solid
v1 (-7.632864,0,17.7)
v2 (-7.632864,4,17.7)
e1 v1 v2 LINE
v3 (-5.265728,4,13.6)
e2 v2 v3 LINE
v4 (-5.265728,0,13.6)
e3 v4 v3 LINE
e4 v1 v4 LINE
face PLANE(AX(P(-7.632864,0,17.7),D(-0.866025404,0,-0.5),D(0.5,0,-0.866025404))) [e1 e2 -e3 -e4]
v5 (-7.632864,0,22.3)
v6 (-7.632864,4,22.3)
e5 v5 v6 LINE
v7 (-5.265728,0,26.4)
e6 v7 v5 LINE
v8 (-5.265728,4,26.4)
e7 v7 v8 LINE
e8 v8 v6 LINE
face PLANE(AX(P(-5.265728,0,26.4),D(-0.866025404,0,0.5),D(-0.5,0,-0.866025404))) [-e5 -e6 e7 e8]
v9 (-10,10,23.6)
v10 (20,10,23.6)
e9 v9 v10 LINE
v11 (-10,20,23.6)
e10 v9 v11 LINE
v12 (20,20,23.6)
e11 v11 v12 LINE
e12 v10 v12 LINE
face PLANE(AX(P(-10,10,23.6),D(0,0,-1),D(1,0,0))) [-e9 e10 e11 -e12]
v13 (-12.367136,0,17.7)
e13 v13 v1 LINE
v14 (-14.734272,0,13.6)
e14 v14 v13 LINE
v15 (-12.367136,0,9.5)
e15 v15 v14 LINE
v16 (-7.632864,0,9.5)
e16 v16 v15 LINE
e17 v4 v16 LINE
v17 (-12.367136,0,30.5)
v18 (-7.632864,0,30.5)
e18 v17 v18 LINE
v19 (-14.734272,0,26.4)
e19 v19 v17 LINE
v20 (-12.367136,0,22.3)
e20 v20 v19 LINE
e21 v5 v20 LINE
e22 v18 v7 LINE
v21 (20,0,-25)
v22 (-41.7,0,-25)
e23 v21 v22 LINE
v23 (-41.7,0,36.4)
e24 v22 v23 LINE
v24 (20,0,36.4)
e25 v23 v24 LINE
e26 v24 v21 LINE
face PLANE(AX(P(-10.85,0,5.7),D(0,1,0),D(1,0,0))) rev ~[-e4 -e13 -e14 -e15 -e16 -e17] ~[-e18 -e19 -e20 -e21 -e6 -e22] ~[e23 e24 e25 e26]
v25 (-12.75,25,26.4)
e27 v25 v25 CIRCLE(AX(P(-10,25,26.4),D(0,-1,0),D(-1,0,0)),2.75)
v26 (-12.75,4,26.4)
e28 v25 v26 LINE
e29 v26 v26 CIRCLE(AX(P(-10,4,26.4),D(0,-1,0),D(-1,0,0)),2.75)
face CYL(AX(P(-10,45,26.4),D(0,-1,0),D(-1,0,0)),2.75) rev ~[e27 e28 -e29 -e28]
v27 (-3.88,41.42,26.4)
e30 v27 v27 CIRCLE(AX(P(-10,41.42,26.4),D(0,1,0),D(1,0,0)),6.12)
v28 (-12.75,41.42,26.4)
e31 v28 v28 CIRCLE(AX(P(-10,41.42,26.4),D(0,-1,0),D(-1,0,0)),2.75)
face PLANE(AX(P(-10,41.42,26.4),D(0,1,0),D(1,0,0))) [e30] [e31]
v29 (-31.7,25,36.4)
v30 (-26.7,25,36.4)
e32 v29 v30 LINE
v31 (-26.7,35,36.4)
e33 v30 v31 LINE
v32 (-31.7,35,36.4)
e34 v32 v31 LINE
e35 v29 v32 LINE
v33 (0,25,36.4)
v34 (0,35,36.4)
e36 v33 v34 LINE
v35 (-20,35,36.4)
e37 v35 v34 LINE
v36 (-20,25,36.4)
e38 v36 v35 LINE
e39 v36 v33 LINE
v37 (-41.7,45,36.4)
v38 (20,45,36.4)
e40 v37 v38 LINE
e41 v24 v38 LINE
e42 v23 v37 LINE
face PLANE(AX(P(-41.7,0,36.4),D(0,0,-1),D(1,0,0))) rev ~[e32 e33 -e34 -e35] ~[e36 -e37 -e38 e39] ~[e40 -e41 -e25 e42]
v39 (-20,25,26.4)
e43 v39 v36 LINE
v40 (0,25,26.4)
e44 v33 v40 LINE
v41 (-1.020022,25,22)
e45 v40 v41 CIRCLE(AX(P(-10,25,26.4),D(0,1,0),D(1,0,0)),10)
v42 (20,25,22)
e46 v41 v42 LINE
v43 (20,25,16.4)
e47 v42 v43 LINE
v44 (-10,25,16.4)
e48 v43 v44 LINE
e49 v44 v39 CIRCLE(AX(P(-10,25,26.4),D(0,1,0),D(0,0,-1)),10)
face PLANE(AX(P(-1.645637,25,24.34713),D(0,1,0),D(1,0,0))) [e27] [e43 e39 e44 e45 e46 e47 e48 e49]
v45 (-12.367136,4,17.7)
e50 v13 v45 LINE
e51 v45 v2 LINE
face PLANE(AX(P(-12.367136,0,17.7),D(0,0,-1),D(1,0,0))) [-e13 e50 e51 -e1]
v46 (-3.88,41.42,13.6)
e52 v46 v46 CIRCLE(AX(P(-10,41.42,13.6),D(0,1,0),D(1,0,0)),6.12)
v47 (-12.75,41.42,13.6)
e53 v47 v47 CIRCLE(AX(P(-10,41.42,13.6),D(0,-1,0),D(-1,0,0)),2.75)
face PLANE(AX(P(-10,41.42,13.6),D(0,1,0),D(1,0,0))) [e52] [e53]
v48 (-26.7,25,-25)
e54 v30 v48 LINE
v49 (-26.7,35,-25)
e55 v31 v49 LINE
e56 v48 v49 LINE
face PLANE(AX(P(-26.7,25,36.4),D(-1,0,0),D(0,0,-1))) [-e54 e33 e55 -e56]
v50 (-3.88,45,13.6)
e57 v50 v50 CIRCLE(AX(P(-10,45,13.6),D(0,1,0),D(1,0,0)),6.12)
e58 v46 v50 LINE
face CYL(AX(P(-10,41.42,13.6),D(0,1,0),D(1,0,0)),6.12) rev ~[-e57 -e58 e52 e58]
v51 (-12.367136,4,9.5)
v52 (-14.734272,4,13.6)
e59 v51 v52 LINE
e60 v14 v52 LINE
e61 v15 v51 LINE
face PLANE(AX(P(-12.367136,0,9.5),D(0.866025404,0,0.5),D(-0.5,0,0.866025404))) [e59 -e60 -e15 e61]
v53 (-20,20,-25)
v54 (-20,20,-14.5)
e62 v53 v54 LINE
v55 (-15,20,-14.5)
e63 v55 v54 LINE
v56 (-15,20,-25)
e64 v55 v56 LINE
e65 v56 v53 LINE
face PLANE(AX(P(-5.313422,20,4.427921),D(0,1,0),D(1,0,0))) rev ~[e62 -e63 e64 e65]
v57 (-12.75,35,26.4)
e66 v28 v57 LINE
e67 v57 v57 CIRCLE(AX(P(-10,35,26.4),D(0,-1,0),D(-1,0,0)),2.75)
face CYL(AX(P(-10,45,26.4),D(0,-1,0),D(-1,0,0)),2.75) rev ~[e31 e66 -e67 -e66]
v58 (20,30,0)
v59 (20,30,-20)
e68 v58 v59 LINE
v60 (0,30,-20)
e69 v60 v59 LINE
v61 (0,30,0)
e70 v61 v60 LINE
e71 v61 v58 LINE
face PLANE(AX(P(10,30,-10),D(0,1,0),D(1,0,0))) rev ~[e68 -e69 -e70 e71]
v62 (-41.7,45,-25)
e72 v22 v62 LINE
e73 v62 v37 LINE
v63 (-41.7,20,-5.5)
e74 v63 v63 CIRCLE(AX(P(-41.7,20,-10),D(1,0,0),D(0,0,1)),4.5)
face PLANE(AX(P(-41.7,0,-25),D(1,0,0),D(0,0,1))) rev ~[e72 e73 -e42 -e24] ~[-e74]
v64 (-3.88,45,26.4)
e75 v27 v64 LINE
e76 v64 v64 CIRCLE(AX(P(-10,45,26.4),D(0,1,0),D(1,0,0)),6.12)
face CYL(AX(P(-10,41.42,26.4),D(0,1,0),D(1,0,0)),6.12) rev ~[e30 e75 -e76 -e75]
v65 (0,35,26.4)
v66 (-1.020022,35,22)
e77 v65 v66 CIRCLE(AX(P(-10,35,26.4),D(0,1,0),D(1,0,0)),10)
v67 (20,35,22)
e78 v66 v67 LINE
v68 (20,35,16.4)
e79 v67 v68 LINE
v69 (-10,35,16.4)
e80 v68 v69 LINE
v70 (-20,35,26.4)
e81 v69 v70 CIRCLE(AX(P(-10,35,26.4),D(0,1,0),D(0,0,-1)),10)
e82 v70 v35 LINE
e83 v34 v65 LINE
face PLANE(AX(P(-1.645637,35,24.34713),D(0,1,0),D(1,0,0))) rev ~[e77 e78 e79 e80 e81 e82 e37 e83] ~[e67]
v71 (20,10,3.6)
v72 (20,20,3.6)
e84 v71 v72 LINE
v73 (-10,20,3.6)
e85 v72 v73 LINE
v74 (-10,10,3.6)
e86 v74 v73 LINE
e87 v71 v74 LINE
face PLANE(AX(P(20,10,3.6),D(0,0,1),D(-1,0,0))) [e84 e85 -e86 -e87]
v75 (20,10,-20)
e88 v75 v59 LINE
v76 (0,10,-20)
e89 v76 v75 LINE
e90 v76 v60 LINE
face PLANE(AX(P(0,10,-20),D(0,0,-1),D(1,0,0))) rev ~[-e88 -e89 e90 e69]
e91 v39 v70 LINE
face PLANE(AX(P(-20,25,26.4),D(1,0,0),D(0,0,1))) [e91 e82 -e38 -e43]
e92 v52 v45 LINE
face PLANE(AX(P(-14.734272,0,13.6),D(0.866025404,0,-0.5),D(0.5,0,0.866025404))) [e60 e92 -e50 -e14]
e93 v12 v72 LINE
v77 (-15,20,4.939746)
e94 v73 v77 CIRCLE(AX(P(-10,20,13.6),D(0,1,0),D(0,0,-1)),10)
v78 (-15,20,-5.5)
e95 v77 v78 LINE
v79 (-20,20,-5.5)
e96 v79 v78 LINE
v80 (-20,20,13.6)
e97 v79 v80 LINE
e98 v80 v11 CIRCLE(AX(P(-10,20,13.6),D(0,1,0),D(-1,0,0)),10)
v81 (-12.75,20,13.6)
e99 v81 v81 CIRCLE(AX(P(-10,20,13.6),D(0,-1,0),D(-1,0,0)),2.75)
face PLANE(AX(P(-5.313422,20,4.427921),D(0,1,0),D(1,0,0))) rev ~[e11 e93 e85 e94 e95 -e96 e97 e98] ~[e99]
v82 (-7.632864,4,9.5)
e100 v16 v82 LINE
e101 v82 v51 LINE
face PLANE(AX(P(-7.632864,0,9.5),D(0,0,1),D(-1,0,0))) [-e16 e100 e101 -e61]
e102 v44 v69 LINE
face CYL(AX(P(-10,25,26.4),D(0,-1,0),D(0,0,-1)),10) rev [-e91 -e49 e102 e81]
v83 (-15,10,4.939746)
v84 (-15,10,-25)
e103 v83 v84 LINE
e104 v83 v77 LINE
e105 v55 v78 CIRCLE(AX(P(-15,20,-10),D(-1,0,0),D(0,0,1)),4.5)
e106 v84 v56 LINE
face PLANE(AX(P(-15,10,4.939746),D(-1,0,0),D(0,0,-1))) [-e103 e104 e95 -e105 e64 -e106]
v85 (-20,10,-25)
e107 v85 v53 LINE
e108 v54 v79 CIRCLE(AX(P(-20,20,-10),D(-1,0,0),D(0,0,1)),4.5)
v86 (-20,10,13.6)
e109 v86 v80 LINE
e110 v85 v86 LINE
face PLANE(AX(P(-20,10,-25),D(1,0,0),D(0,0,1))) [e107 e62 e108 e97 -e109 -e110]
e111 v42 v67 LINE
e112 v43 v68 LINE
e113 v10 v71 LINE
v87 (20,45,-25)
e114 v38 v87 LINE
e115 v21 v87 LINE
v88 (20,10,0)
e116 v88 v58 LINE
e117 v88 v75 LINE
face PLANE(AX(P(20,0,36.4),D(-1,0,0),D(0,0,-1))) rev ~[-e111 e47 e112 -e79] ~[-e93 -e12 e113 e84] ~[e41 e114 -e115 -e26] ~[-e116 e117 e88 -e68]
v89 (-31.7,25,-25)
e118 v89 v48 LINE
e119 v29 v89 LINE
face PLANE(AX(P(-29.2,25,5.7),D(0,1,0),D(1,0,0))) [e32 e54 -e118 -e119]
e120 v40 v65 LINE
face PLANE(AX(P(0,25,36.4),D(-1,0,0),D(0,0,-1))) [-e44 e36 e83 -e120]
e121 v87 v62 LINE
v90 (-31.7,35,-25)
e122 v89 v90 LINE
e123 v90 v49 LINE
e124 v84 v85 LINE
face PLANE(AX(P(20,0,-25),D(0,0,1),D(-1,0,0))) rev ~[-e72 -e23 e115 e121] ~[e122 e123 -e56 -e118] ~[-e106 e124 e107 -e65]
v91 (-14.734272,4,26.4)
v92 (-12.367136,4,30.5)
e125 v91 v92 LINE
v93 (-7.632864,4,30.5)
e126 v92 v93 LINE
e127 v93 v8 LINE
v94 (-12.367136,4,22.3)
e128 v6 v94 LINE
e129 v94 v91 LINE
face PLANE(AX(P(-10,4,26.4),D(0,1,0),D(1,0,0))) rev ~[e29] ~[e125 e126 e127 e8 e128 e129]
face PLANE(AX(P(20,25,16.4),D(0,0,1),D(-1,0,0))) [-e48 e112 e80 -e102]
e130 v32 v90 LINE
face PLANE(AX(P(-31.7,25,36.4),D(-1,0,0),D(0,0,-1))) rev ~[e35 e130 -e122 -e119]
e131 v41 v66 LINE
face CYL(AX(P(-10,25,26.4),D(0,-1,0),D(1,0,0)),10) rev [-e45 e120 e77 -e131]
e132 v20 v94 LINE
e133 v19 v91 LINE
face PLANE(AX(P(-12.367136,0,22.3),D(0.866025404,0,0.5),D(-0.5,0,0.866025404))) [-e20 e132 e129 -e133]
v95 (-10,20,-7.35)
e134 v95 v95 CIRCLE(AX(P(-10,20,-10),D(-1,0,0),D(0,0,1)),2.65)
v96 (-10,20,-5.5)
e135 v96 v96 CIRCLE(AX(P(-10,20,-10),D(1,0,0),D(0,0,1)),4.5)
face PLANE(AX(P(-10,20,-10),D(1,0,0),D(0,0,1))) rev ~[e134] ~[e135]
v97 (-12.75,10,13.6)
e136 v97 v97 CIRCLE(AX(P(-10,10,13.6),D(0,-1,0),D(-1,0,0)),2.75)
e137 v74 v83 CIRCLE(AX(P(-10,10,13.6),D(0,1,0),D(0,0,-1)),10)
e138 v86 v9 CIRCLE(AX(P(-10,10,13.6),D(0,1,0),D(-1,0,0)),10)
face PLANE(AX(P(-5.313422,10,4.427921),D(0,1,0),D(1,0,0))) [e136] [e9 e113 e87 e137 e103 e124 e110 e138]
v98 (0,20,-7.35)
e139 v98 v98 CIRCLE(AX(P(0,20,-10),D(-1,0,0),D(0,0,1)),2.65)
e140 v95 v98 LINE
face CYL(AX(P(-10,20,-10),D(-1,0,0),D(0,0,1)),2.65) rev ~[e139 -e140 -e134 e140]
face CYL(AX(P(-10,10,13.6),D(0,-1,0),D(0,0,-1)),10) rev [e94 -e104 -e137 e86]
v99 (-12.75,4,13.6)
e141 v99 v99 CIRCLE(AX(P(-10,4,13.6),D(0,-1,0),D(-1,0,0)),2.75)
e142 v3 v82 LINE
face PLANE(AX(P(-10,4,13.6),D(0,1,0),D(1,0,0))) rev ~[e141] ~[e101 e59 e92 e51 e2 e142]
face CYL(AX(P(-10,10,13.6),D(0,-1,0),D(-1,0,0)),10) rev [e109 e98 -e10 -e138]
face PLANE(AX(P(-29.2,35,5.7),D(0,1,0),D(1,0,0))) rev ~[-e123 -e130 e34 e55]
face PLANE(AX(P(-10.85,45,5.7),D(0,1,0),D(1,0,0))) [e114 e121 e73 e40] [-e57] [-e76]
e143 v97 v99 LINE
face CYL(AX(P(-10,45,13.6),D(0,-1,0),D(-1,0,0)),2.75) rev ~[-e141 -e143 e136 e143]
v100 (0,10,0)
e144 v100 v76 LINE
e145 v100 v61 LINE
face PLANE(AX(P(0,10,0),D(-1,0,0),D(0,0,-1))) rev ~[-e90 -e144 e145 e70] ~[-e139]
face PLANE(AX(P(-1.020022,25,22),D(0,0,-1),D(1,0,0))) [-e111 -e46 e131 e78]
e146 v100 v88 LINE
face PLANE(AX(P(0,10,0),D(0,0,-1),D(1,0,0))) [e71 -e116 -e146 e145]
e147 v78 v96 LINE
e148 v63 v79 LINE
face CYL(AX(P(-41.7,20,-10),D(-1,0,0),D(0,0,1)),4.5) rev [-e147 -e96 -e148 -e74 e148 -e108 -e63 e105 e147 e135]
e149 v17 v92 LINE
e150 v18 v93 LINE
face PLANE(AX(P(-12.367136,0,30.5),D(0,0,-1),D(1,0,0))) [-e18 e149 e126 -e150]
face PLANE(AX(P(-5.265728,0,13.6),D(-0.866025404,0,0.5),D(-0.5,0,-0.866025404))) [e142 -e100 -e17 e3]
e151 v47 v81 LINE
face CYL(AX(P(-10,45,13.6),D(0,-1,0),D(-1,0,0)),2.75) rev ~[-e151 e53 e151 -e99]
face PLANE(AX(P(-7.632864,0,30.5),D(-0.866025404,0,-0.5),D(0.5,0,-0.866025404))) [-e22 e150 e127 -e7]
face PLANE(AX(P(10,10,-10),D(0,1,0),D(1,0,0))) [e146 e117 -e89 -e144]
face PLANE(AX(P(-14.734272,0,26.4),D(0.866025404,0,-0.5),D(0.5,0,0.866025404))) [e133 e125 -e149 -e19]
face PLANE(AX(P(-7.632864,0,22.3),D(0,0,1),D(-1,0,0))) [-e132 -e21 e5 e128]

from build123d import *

# Parameters (mm, degrees)
MAIN_BLOCK_DEPTH                        = 45
BOTTOM_IDLER_CUTOUT_DEPTH               = 10
TOP_IDLER_CUTOUT_DEPTH                  = 10
BELT_PASSTHROUGH_SKETCH_W               = 5
BELT_PASSTHROUGH_SKETCH_H               = 61.4
BELT_PASSTHROUGH_DEPTH                  = 10
F_2020VSLOTCUTOUTSKETCH_W               = 20
F_2020VSLOTCUTOUTSKETCH_H               = 20
EXTRUSIONMOUNTINGSLOT_DEPTH             = 20
CBORE_FOR_M5_HEX_HEAD_BOLT1_D           = 5.5
CBORE_FOR_M5_HEX_HEAD_BOLT1_CBORE_D     = 12.24
CBORE_FOR_M5_HEX_HEAD_BOLT1_CBORE_DEPTH = 3.58
NUTTRAPS_DEPTH                          = 4
EXTRUSIONMOUNTINGCOUNTERBORESKETCH_R    = 4.5
EXTRUSIONMOUNTINGCOUNTERBORE_DEPTH      = 31.7
EXTRUSIONMOUNTINGHOLESKETCH_R           = 2.65
EXTRUSIONMOUNTINGHOLE_DEPTH             = 66.991287304


with BuildPart() as part:
    # MainBlockSketch → Main Block (new body)
    with BuildSketch(Plane(origin=(0, 0, 0), x_dir=(1, 0, 0), z_dir=(0, 1, 0))):
        Polygon((-41.7, -36.4), (20, -36.4), (20, -20), (20, -15), (20, 0), (20, 20), (20, 25), (-41.7, 25), (-41.7, 20), (-41.7, -15), align=None)
    extrude(amount=MAIN_BLOCK_DEPTH)

    # Bottom Idler Cutout Sketch → Bottom Idler Cutout (cut)
    with BuildSketch(Plane(origin=(0, 10, 0), x_dir=(1, 0, 0), z_dir=(0, 1, 0))):
        with BuildLine():
            Line((-10, -23.6), (20, -23.6))
            Line((20, -23.6), (20, -3.6))
            Line((20, -3.6), (-10, -3.6))
            ThreePointArc((-10, -3.6), (-12.588190451, -3.940741737), (-15, -4.939745962))
            Line((-15, -4.939745962), (-15, 25))
            Line((-15, 25), (-20, 25))
            Line((-20, 25), (-20, -13.6))
            ThreePointArc((-20, -13.6), (-17.071067812, -20.671067812), (-10, -23.6))
        make_face()
    extrude(amount=BOTTOM_IDLER_CUTOUT_DEPTH, mode=Mode.SUBTRACT)

    # Top Idler Cutout Sketch → Top Idler Cutout (cut)
    with BuildSketch(Plane(origin=(0, 25, 0), x_dir=(1, 0, 0), z_dir=(0, 1, 0))):
        with BuildLine():
            Line((-20, -26.4), (-20, -36.4))
            Line((-20, -36.4), (0, -36.4))
            Line((0, -36.4), (0, -26.4))
            ThreePointArc((0, -26.4), (-0.258342613, -24.141657387), (-1.020022272, -22))
            Line((-1.020022272, -22), (20, -22))
            Line((20, -22), (20, -16.4))
            Line((20, -16.4), (-10, -16.4))
            ThreePointArc((-10, -16.4), (-17.071067812, -19.328932188), (-20, -26.4))
        make_face()
    extrude(amount=TOP_IDLER_CUTOUT_DEPTH, mode=Mode.SUBTRACT)

    # Belt Passthrough Sketch → Belt Passthrough (cut)
    with BuildSketch(Plane(origin=(0, 25, 0), x_dir=(1, 0, 0), z_dir=(0, 1, 0))):
        with Locations((-29.2, -5.7)):
            Rectangle(BELT_PASSTHROUGH_SKETCH_W, BELT_PASSTHROUGH_SKETCH_H)
    extrude(amount=BELT_PASSTHROUGH_DEPTH, mode=Mode.SUBTRACT)

    # 2020VSlotCutoutSketch → ExtrusionMountingSlot (cut)
    with BuildSketch(Plane(origin=(0, 10, 0), x_dir=(1, 0, 0), z_dir=(0, 1, 0))):
        with Locations((10, 10)):
            Rectangle(F_2020VSLOTCUTOUTSKETCH_W, F_2020VSLOTCUTOUTSKETCH_H)
    extrude(amount=EXTRUSIONMOUNTINGSLOT_DEPTH, mode=Mode.SUBTRACT)

    # CBORE for M5 Hex Head Bolt1 (through all)
    with Locations(Plane(origin=(0, 45, 0), x_dir=(1, 0, 0), z_dir=(0, 1, 0))):
        with Locations((-10, -26.4), (-10, -13.6)):
            CounterBoreHole(CBORE_FOR_M5_HEX_HEAD_BOLT1_D / 2, CBORE_FOR_M5_HEX_HEAD_BOLT1_CBORE_D / 2, CBORE_FOR_M5_HEX_HEAD_BOLT1_CBORE_DEPTH)

    # Nut Trap Sketch → NutTraps (cut)
    with BuildSketch(Plane(origin=(0, 0, 0), x_dir=(1, 0, 0), z_dir=(0, 1, 0))):
        Polygon((-7.632863896, -9.5), (-12.367136104, -9.5), (-14.734272207, -13.6), (-12.367136104, -17.7), (-7.632863896, -17.7), (-5.265727793, -13.6), align=None)
        Polygon((-7.632863896, -22.3), (-12.367136104, -22.3), (-14.734272207, -26.4), (-12.367136104, -30.5), (-7.632863896, -30.5), (-5.265727793, -26.4), align=None)
    extrude(amount=NUTTRAPS_DEPTH, mode=Mode.SUBTRACT)

    # ExtrusionMountingCounterBoreSketch → ExtrusionMountingCounterbore (cut)
    with BuildSketch(Plane(origin=(-41.7, 0, 0), x_dir=(0, 0, -1), z_dir=(1, 0, 0))):
        with Locations(Location((10, 20, 0), (0, 0, 180))):
            Circle(EXTRUSIONMOUNTINGCOUNTERBORESKETCH_R)
    extrude(amount=EXTRUSIONMOUNTINGCOUNTERBORE_DEPTH, mode=Mode.SUBTRACT)

    # ExtrusionMountingHoleSketch → extrusionMountingHole (cut, through all)
    with BuildSketch(Plane.ZY.offset(10)):
        with Locations((-10, 20)):
            Circle(EXTRUSIONMOUNTINGHOLESKETCH_R)
    extrude(amount=-EXTRUSIONMOUNTINGHOLE_DEPTH, mode=Mode.SUBTRACT)


solid = part.part
